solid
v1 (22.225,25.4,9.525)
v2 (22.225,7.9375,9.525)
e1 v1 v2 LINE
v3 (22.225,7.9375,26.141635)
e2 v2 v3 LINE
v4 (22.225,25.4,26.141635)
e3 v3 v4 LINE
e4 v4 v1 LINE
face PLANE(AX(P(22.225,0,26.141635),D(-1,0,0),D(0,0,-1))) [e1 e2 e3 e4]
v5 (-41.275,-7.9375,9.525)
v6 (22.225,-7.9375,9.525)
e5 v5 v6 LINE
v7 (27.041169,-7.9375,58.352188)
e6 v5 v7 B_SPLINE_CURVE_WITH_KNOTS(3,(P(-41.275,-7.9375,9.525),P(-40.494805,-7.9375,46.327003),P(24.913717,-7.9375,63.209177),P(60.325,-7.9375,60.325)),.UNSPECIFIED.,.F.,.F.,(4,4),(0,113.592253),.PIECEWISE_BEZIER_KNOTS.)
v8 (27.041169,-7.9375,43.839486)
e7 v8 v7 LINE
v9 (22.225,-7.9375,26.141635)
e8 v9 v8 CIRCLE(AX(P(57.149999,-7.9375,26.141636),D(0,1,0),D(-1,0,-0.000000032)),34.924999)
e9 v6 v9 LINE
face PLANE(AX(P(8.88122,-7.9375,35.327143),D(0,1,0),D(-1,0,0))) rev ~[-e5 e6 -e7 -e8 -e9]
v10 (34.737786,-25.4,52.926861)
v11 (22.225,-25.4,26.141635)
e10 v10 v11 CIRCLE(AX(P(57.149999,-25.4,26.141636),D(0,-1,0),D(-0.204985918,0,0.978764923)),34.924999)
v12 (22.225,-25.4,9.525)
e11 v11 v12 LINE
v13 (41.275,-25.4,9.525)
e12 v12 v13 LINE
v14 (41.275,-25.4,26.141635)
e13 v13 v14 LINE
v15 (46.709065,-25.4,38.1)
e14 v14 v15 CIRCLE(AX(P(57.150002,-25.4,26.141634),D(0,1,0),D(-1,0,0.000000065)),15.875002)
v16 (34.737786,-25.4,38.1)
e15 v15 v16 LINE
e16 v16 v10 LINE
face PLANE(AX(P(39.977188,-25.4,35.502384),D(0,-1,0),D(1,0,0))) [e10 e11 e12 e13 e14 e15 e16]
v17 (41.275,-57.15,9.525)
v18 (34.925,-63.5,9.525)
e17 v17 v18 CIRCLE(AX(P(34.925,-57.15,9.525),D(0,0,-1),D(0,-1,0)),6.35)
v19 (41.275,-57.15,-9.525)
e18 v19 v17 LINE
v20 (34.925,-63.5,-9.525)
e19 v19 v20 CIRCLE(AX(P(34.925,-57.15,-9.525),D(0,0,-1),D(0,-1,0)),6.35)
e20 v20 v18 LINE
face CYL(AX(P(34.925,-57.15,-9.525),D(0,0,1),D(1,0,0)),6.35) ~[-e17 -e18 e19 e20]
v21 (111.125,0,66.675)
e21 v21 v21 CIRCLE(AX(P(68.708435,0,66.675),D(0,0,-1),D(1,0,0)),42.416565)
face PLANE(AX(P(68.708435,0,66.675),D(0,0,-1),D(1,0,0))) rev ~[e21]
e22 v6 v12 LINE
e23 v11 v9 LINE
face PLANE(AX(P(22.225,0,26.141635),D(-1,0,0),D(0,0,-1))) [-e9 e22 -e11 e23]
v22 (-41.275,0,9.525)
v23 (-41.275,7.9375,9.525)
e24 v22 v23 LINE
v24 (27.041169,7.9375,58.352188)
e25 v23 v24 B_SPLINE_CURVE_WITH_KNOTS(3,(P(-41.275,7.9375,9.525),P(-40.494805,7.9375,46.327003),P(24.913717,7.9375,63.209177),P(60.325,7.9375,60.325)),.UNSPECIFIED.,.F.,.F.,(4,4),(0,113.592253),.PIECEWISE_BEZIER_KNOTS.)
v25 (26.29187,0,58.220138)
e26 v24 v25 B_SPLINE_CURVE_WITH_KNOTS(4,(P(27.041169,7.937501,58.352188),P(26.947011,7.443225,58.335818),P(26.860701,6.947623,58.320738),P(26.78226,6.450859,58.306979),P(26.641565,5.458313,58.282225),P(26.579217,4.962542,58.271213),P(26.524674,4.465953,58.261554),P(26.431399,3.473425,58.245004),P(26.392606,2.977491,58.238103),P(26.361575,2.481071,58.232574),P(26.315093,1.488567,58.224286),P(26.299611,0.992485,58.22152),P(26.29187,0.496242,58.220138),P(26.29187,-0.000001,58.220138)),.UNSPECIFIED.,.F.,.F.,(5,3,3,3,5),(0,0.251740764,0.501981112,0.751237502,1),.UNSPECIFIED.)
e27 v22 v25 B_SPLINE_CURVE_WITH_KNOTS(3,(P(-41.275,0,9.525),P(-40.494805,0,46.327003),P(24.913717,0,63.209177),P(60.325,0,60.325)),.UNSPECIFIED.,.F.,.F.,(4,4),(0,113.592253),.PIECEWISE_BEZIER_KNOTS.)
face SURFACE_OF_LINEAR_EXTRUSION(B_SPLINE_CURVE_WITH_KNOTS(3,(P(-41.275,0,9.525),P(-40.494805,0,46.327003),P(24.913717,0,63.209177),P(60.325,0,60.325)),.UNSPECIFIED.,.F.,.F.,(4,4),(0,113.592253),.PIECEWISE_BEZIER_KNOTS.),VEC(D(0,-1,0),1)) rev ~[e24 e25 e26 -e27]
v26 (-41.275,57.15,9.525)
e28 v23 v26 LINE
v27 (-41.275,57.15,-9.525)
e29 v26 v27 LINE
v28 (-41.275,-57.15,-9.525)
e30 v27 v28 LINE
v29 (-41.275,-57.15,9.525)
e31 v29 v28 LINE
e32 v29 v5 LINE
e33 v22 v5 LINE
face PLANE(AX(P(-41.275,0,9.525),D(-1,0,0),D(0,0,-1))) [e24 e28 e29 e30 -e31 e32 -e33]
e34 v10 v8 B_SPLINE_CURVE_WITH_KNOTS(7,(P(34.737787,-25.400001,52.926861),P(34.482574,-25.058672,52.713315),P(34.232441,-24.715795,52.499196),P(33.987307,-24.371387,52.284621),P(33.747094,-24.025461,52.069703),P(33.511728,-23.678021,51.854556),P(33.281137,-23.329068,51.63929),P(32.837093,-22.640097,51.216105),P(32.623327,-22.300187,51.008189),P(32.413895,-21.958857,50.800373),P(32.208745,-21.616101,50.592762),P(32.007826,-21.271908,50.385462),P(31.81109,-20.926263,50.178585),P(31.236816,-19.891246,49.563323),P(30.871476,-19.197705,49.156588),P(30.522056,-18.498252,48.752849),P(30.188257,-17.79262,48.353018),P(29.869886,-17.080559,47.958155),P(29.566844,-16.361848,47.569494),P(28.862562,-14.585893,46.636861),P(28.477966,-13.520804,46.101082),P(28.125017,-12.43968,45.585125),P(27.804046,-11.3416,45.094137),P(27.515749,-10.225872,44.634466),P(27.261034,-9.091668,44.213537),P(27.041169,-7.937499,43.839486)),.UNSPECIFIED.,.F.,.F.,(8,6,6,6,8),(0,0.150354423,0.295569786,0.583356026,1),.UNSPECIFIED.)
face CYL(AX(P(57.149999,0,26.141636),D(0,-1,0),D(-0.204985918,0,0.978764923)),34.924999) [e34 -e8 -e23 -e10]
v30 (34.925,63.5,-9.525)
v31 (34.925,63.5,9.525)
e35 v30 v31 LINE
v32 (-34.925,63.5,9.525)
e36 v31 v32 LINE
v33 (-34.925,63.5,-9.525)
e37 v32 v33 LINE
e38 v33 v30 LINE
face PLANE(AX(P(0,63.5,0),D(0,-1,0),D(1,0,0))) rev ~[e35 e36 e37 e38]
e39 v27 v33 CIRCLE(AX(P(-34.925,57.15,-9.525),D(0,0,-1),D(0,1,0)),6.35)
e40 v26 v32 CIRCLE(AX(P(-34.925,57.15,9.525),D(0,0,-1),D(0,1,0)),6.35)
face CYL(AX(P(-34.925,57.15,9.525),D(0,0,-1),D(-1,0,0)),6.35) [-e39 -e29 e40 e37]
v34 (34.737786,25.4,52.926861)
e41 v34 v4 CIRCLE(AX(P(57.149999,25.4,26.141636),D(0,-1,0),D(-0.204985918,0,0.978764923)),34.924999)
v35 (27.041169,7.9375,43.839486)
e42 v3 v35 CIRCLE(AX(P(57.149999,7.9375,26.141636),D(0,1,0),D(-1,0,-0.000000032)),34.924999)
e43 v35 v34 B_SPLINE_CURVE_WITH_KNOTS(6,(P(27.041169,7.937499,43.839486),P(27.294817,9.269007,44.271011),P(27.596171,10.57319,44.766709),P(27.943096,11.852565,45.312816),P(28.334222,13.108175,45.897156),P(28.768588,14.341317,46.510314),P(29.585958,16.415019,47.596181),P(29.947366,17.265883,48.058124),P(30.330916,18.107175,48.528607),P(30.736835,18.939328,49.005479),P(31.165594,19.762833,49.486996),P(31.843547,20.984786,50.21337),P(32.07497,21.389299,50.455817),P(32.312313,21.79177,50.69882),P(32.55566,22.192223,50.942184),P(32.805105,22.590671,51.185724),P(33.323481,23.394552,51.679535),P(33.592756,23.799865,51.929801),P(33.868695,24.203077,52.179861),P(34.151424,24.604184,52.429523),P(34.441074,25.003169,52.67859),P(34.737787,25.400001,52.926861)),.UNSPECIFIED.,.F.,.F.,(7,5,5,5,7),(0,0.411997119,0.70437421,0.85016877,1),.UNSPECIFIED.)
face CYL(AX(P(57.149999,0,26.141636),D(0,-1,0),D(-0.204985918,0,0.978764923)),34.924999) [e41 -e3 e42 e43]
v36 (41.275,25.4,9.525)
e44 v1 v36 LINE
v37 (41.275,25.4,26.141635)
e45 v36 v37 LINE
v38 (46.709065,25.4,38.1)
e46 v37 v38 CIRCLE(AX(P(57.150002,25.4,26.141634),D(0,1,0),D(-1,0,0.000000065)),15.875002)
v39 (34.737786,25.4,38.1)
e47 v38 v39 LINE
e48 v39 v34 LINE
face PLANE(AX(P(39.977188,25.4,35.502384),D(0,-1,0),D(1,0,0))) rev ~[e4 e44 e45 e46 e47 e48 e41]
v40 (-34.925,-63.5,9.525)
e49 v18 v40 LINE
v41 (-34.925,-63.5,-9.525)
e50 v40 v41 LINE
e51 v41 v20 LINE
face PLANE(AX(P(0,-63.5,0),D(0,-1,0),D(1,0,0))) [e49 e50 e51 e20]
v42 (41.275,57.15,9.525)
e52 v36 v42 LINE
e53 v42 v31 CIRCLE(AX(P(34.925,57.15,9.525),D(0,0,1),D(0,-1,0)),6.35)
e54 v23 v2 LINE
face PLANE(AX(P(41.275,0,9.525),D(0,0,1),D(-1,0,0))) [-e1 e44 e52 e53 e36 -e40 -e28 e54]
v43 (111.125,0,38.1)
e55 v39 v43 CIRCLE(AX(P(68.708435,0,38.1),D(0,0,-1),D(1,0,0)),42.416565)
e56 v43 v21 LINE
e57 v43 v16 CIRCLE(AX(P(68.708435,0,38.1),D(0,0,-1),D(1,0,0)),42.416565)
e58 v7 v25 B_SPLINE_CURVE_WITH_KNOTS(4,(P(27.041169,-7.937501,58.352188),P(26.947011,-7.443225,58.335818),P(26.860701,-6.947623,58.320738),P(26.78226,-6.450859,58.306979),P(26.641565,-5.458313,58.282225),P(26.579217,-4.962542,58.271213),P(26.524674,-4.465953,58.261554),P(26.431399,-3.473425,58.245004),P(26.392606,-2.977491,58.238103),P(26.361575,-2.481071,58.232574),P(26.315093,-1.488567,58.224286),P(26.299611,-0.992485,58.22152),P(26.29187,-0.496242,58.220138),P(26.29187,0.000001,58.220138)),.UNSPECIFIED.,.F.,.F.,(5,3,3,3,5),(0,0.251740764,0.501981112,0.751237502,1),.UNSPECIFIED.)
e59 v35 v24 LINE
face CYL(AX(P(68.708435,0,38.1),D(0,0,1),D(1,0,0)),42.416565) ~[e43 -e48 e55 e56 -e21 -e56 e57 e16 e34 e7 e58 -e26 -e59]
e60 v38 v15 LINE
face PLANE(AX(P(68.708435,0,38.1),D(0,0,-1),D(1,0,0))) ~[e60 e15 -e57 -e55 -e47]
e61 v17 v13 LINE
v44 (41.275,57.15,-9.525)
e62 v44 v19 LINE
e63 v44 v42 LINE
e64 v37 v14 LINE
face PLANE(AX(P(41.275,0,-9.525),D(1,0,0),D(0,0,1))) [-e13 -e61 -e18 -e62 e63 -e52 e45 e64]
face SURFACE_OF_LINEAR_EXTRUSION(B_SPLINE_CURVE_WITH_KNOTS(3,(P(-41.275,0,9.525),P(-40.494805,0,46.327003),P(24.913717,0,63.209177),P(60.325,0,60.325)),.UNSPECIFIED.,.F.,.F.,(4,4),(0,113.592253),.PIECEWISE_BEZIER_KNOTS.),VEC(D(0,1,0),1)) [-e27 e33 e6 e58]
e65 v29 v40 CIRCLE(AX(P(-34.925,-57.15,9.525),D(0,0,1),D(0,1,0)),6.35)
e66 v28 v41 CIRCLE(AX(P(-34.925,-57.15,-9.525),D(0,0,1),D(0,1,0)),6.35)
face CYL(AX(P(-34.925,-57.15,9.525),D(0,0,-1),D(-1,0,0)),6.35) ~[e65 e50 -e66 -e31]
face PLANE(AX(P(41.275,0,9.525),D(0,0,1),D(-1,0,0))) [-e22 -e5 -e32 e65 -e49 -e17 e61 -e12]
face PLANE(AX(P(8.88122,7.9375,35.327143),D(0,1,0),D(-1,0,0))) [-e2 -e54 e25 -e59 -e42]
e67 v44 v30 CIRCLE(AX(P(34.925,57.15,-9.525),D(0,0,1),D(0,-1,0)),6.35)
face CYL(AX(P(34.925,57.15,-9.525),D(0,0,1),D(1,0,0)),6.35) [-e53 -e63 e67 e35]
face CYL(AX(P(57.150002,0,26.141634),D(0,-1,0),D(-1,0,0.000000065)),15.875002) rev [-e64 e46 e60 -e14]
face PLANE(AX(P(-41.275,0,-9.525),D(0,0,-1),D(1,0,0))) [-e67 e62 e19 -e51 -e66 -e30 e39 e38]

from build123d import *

# Parameters (mm, degrees)
F1_DEPTH = 63.5
F0_W     = 8.383435
F0_H     = 19.05
F2_DEPTH = 25.4
F3_DEPTH = 7.9375
F5_R     = 6.35


with BuildPart() as f1:
    # F0 (on Front) → F1 (new body, symmetric)
    with BuildSketch(Plane.XZ):
        Polygon((-41.275, 9.525), (-41.275, -9.525), (41.275, -9.525), (41.275, 9.525), (22.225, 9.525), align=None)
    extrude(amount=F1_DEPTH, both=True)

    # F0 (on Front) → F2 (join, symmetric)
    with BuildSketch(Plane.XZ):
        with BuildLine():
            Line((22.225, 9.525), (41.275, 9.525))
            Line((41.275, 9.525), (41.275, 26.141635))
            ThreePointArc((41.275, 26.141635), (44.340935, 35.519453), (52.354492, 41.275))
            Line((52.354492, 41.275), (60.325, 41.275))
            Line((60.325, 41.275), (60.325, 60.325))
            Line((60.325, 60.325), (49.990866, 60.325))
            ThreePointArc((49.990866, 60.325), (30.041068, 48.161205), (22.225, 26.141635))
            Line((22.225, 26.141635), (22.225, 9.525))
        make_face()
        with Locations((64.516717, 50.8)):
            Rectangle(F0_W, F0_H)
    extrude(amount=F2_DEPTH, both=True)

    # F0 (on Front) → F3 (join, symmetric)
    with BuildSketch(Plane.XZ):
        with BuildLine():
            add(Edge.make_bspline(
                [(-41.275, 9.525), (-40.494805, 46.327003), (24.913717, 63.209177), (60.325, 60.325)],
                knots=[0, 0, 0, 0, 113.592253, 113.592253, 113.592253, 113.592253], degree=3))
            Line((-41.275, 9.525), (22.225, 9.525))
            Line((22.225, 9.525), (22.225, 26.141635))
            ThreePointArc((22.225, 26.141635), (30.041068, 48.161205), (49.990866, 60.325))
            Line((49.990866, 60.325), (60.325, 60.325))
        make_face()
    extrude(amount=F3_DEPTH, both=True)

    # F0 (on Front) → F4 (revolve)
    with BuildSketch(Plane.XZ):
        Polygon((68.708435, 66.675), (68.708435, 60.325), (68.708435, 41.275), (68.708435, 38.1), (111.125, 38.1), (111.125, 66.675), align=None)
    revolve(axis=Axis((68.708435, 0, 52.3875), (0, 0, -1)))

    # F5
    f5_edges = [f1.edges().sort_by_distance(p)[0] for p in [
        (-41.275, -63.5, 0),
        (41.275, -63.5, 0),
        (-41.275, 63.5, 0),
        (41.275, 63.5, 0),
    ]]
    fillet(f5_edges, radius=F5_R)


solid = f1.part
